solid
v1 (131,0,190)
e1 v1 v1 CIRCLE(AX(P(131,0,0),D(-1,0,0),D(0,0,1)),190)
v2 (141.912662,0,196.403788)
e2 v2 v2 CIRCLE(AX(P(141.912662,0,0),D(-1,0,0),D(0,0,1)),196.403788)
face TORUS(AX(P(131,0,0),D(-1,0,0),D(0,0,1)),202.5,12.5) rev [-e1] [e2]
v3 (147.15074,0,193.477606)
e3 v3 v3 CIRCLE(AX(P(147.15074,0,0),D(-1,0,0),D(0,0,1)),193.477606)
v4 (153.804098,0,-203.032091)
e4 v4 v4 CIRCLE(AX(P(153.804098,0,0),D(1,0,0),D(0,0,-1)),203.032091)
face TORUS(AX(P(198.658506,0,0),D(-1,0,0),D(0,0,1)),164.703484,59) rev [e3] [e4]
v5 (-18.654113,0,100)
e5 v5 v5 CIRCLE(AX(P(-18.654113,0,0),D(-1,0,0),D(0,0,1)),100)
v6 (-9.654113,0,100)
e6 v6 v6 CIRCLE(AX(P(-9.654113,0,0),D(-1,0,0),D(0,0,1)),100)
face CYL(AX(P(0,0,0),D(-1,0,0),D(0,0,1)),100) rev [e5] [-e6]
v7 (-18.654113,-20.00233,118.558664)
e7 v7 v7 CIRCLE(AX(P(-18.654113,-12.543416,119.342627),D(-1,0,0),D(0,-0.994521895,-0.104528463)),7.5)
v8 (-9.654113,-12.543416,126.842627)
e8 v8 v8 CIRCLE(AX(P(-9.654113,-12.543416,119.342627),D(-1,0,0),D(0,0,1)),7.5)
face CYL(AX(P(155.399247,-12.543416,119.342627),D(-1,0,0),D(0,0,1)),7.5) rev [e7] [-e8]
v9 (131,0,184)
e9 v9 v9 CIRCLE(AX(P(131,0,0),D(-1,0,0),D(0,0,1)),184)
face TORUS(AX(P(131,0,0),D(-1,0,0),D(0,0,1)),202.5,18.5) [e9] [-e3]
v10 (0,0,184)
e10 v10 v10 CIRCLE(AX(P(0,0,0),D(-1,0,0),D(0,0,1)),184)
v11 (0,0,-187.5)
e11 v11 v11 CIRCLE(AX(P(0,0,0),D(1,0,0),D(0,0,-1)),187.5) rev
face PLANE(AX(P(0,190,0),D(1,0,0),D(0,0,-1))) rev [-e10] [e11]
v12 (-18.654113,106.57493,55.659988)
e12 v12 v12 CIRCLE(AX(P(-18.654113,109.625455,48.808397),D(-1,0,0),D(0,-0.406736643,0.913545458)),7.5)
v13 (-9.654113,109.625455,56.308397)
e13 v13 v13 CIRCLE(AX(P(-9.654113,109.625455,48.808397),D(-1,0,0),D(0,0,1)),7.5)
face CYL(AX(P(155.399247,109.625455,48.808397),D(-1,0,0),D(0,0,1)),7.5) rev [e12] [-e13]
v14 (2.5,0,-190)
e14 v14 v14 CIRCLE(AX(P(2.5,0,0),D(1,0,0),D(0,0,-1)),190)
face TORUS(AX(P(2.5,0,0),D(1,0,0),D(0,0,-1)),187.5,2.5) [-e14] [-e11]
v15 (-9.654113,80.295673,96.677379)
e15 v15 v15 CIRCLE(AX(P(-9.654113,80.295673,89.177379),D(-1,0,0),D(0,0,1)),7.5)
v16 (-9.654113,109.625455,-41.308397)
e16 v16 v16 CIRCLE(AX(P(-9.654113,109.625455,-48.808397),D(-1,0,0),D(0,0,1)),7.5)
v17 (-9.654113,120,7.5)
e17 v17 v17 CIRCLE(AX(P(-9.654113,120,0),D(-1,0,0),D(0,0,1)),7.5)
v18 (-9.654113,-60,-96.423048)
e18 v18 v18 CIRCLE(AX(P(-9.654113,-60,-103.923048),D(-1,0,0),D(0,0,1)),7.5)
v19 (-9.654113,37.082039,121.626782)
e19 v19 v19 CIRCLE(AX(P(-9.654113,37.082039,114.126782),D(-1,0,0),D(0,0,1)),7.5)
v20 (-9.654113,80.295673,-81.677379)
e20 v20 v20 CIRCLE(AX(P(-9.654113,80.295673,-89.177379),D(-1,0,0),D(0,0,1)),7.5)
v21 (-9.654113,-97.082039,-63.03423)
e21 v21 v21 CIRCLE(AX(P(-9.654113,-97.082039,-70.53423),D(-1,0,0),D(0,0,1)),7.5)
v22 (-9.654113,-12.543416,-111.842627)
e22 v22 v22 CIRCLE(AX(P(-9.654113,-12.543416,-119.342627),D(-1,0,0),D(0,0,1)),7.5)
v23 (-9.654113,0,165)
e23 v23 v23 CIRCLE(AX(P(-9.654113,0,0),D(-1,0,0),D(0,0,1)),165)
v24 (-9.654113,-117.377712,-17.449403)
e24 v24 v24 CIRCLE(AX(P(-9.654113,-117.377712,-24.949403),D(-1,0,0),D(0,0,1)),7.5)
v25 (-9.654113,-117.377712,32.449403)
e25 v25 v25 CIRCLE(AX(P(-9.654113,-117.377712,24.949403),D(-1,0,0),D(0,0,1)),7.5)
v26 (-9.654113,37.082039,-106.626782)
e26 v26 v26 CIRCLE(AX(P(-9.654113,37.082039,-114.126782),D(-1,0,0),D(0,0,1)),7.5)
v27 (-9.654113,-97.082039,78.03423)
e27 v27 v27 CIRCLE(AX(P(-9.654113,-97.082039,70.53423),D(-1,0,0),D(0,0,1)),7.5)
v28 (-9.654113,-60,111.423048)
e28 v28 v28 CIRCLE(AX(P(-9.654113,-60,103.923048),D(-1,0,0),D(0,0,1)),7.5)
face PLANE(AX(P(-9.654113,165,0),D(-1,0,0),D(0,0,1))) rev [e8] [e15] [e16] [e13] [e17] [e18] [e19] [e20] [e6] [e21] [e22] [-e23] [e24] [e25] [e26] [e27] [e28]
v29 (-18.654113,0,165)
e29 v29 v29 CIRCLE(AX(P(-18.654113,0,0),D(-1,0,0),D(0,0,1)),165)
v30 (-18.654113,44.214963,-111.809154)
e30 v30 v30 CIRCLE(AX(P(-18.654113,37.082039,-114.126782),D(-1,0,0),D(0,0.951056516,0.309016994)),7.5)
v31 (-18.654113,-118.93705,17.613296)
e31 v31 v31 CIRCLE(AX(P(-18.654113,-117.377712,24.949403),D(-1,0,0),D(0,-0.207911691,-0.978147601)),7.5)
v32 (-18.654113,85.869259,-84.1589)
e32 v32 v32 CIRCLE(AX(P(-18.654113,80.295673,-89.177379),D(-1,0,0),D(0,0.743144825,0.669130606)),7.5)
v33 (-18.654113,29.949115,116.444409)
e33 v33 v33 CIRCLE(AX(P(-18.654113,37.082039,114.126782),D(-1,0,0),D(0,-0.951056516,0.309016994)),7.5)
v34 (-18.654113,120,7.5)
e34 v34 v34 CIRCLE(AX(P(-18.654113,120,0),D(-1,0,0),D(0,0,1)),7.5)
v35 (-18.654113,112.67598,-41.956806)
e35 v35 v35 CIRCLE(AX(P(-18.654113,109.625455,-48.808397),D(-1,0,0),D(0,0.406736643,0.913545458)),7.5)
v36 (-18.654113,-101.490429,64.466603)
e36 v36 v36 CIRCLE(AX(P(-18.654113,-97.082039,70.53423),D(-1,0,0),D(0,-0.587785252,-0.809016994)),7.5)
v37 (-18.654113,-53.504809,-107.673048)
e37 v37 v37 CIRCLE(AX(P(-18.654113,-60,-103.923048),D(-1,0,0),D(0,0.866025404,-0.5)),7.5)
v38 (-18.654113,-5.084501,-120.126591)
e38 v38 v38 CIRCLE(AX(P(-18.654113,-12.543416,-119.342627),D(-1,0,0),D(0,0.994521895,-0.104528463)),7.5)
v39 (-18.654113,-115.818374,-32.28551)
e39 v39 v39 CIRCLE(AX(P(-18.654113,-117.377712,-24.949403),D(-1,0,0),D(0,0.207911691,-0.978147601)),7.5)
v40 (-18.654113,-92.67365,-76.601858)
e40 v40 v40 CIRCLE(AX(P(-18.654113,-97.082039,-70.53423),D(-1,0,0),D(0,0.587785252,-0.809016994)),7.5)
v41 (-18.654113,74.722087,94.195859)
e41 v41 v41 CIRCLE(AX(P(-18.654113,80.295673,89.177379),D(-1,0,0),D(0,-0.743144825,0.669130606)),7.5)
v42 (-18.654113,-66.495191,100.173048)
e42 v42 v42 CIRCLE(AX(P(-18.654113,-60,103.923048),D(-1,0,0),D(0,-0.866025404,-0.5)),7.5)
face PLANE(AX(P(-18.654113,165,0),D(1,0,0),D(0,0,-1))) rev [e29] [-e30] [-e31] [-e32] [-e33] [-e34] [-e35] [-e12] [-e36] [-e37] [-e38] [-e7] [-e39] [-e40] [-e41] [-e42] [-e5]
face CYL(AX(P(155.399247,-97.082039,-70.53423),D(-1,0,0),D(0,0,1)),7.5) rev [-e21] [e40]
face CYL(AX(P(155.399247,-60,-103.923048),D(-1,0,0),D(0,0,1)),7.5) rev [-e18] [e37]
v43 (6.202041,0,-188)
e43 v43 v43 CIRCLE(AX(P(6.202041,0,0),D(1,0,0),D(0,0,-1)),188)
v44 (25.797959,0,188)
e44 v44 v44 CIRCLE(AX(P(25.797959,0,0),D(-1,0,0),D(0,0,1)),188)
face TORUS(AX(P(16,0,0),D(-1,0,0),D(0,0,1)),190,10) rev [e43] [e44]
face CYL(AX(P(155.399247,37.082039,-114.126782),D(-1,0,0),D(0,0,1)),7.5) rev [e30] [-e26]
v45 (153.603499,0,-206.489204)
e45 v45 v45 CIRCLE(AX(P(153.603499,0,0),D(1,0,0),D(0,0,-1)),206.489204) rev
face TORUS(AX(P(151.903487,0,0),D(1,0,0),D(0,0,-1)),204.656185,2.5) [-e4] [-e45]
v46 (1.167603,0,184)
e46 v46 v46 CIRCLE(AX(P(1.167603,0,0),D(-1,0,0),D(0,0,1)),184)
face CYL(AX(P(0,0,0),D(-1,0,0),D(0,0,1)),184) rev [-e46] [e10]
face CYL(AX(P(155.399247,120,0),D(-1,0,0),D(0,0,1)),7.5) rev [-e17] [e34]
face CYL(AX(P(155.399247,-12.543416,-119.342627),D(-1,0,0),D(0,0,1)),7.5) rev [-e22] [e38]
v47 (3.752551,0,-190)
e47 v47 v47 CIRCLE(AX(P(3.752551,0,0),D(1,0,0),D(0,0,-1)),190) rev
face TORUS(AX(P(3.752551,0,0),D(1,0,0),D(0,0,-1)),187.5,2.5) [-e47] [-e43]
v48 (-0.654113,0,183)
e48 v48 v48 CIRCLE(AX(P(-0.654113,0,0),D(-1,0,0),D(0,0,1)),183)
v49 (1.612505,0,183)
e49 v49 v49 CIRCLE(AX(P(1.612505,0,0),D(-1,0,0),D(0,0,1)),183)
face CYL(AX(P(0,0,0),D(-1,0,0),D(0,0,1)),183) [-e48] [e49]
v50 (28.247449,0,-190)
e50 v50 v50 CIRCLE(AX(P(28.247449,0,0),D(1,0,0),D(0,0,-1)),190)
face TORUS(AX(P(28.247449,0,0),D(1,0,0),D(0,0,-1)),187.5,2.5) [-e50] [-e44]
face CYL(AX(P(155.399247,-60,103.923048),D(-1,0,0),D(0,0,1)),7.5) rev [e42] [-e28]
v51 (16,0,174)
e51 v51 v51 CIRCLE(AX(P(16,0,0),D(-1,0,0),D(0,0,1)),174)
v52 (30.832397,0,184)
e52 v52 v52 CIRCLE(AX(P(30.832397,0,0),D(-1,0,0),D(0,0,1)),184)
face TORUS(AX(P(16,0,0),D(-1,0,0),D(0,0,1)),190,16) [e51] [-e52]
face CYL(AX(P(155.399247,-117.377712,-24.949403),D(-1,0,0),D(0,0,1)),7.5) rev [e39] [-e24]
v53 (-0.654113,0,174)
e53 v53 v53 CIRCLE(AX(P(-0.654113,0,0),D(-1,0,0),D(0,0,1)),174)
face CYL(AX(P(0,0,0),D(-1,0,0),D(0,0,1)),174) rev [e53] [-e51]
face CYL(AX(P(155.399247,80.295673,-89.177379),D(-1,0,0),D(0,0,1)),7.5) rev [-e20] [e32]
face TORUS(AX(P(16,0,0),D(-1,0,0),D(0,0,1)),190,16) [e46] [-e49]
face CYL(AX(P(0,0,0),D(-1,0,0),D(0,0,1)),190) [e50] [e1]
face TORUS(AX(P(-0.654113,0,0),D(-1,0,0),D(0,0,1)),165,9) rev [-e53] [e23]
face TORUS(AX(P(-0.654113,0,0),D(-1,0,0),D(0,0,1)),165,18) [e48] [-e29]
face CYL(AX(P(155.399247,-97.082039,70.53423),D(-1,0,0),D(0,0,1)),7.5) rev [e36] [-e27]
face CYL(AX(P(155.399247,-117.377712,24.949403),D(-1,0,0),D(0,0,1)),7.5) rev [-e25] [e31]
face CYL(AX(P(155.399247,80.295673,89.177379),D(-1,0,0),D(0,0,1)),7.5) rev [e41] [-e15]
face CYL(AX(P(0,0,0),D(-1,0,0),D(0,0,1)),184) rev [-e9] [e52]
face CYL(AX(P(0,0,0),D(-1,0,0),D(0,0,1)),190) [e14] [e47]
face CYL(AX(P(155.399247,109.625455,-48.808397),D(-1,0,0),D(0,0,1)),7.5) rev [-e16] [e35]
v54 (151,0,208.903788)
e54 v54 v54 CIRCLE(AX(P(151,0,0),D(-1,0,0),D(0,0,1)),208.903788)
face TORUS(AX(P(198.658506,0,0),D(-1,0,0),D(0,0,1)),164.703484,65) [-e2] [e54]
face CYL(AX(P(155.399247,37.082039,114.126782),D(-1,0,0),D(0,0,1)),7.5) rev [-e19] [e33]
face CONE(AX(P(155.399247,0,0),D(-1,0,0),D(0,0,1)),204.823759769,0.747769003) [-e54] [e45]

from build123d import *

# Parameters (mm, degrees)
SKETCH2_R          = 7.5
CUT_EXTRUDE1_DEPTH = 343.893798837
CIRPATTERN1_COUNT  = 15
FILLET1_R          = 2.5
FILLET2_R          = 2.5
FILLET3_R          = 2.5


with BuildPart() as part:
    # Sketch1 → Revolve1 (revolve)
    with BuildSketch(Plane.XY, mode=Mode.PRIVATE) as revolve1_sk:
        with BuildLine():
            Line((6, 190), (0, 190))
            Line((0, 190), (0, 184))
            Line((0, 184), (1.167603026, 184))
            ThreePointArc((1.167603026, 184), (1.381500916, 183.496194611), (1.61250543, 183))
            Line((1.61250543, 183), (-0.654113464, 183))
            ThreePointArc((-0.654113464, 183), (-13.382035525, 177.727922061), (-18.654113464, 165))
            Line((-18.654113464, 165), (-18.654113464, 100))
            Line((-18.654113464, 100), (-9.654113464, 100))
            Line((-9.654113464, 100), (-9.654113464, 165))
            ThreePointArc((-9.654113464, 165), (-7.018074494, 171.363961031), (-0.654113464, 174))
            Line((-0.654113464, 174), (16, 174))
            ThreePointArc((16, 174), (24.94427191, 176.733500839), (30.832396974, 184))
            Line((30.832396974, 184), (131, 184))
            ThreePointArc((131, 184), (140.363111384, 186.544369482), (147.150740079, 193.477605923))
            ThreePointArc((147.150740079, 193.477605923), (150.936592061, 199.396696214), (155.399246684, 204.823759769))
            Line((155.399246684, 204.823759769), (151, 208.903787786))
            ThreePointArc((151, 208.903787786), (146.083516094, 202.924819463), (141.912662216, 196.403787786))
            ThreePointArc((141.912662216, 196.403787786), (137.326426611, 191.719168569), (131, 190))
            Line((131, 190), (26, 190))
            ThreePointArc((26, 190), (16, 180), (6, 190))
        make_face()
    revolve(revolve1_sk.sketch.rotate(Axis((0, 0, 0), (1, 0, 0)), 90), axis=Axis((0, 0, 0), (1, 0, 0)))

    # Sketch2 → Cut-Extrude1 (cut, through all)
    with BuildSketch(Plane.ZY.offset(18.654113464)):
        with Locations((0, 120)):
            Circle(SKETCH2_R)
    cut_extrude1 = extrude(amount=-CUT_EXTRUDE1_DEPTH, mode=Mode.SUBTRACT)

    # CirPattern1: Cut-Extrude1 ×15 about axis
    cirpattern1_axis = Axis((0, 0, 0), (1, 0, 0))
    for i in range(1, CIRPATTERN1_COUNT):
        add(cut_extrude1.rotate(cirpattern1_axis, i * 360 / CIRPATTERN1_COUNT), mode=Mode.SUBTRACT)

    # Fillet1
    fillet1_edges = [part.edges().sort_by_distance(p)[0] for p in [
        (155.399246684, 0, -204.823759769),
    ]]
    fillet(fillet1_edges, radius=FILLET1_R)

    # Fillet2
    fillet2_edges = [part.edges().sort_by_distance(p)[0] for p in [
        (6, 0, -190),
        (26, 0, -190),
    ]]
    fillet(fillet2_edges, radius=FILLET2_R)

    # Fillet3
    fillet3_edges = [part.edges().sort_by_distance(p)[0] for p in [
        (0, 0, -190),
    ]]
    fillet(fillet3_edges, radius=FILLET3_R)


solid = part.part
